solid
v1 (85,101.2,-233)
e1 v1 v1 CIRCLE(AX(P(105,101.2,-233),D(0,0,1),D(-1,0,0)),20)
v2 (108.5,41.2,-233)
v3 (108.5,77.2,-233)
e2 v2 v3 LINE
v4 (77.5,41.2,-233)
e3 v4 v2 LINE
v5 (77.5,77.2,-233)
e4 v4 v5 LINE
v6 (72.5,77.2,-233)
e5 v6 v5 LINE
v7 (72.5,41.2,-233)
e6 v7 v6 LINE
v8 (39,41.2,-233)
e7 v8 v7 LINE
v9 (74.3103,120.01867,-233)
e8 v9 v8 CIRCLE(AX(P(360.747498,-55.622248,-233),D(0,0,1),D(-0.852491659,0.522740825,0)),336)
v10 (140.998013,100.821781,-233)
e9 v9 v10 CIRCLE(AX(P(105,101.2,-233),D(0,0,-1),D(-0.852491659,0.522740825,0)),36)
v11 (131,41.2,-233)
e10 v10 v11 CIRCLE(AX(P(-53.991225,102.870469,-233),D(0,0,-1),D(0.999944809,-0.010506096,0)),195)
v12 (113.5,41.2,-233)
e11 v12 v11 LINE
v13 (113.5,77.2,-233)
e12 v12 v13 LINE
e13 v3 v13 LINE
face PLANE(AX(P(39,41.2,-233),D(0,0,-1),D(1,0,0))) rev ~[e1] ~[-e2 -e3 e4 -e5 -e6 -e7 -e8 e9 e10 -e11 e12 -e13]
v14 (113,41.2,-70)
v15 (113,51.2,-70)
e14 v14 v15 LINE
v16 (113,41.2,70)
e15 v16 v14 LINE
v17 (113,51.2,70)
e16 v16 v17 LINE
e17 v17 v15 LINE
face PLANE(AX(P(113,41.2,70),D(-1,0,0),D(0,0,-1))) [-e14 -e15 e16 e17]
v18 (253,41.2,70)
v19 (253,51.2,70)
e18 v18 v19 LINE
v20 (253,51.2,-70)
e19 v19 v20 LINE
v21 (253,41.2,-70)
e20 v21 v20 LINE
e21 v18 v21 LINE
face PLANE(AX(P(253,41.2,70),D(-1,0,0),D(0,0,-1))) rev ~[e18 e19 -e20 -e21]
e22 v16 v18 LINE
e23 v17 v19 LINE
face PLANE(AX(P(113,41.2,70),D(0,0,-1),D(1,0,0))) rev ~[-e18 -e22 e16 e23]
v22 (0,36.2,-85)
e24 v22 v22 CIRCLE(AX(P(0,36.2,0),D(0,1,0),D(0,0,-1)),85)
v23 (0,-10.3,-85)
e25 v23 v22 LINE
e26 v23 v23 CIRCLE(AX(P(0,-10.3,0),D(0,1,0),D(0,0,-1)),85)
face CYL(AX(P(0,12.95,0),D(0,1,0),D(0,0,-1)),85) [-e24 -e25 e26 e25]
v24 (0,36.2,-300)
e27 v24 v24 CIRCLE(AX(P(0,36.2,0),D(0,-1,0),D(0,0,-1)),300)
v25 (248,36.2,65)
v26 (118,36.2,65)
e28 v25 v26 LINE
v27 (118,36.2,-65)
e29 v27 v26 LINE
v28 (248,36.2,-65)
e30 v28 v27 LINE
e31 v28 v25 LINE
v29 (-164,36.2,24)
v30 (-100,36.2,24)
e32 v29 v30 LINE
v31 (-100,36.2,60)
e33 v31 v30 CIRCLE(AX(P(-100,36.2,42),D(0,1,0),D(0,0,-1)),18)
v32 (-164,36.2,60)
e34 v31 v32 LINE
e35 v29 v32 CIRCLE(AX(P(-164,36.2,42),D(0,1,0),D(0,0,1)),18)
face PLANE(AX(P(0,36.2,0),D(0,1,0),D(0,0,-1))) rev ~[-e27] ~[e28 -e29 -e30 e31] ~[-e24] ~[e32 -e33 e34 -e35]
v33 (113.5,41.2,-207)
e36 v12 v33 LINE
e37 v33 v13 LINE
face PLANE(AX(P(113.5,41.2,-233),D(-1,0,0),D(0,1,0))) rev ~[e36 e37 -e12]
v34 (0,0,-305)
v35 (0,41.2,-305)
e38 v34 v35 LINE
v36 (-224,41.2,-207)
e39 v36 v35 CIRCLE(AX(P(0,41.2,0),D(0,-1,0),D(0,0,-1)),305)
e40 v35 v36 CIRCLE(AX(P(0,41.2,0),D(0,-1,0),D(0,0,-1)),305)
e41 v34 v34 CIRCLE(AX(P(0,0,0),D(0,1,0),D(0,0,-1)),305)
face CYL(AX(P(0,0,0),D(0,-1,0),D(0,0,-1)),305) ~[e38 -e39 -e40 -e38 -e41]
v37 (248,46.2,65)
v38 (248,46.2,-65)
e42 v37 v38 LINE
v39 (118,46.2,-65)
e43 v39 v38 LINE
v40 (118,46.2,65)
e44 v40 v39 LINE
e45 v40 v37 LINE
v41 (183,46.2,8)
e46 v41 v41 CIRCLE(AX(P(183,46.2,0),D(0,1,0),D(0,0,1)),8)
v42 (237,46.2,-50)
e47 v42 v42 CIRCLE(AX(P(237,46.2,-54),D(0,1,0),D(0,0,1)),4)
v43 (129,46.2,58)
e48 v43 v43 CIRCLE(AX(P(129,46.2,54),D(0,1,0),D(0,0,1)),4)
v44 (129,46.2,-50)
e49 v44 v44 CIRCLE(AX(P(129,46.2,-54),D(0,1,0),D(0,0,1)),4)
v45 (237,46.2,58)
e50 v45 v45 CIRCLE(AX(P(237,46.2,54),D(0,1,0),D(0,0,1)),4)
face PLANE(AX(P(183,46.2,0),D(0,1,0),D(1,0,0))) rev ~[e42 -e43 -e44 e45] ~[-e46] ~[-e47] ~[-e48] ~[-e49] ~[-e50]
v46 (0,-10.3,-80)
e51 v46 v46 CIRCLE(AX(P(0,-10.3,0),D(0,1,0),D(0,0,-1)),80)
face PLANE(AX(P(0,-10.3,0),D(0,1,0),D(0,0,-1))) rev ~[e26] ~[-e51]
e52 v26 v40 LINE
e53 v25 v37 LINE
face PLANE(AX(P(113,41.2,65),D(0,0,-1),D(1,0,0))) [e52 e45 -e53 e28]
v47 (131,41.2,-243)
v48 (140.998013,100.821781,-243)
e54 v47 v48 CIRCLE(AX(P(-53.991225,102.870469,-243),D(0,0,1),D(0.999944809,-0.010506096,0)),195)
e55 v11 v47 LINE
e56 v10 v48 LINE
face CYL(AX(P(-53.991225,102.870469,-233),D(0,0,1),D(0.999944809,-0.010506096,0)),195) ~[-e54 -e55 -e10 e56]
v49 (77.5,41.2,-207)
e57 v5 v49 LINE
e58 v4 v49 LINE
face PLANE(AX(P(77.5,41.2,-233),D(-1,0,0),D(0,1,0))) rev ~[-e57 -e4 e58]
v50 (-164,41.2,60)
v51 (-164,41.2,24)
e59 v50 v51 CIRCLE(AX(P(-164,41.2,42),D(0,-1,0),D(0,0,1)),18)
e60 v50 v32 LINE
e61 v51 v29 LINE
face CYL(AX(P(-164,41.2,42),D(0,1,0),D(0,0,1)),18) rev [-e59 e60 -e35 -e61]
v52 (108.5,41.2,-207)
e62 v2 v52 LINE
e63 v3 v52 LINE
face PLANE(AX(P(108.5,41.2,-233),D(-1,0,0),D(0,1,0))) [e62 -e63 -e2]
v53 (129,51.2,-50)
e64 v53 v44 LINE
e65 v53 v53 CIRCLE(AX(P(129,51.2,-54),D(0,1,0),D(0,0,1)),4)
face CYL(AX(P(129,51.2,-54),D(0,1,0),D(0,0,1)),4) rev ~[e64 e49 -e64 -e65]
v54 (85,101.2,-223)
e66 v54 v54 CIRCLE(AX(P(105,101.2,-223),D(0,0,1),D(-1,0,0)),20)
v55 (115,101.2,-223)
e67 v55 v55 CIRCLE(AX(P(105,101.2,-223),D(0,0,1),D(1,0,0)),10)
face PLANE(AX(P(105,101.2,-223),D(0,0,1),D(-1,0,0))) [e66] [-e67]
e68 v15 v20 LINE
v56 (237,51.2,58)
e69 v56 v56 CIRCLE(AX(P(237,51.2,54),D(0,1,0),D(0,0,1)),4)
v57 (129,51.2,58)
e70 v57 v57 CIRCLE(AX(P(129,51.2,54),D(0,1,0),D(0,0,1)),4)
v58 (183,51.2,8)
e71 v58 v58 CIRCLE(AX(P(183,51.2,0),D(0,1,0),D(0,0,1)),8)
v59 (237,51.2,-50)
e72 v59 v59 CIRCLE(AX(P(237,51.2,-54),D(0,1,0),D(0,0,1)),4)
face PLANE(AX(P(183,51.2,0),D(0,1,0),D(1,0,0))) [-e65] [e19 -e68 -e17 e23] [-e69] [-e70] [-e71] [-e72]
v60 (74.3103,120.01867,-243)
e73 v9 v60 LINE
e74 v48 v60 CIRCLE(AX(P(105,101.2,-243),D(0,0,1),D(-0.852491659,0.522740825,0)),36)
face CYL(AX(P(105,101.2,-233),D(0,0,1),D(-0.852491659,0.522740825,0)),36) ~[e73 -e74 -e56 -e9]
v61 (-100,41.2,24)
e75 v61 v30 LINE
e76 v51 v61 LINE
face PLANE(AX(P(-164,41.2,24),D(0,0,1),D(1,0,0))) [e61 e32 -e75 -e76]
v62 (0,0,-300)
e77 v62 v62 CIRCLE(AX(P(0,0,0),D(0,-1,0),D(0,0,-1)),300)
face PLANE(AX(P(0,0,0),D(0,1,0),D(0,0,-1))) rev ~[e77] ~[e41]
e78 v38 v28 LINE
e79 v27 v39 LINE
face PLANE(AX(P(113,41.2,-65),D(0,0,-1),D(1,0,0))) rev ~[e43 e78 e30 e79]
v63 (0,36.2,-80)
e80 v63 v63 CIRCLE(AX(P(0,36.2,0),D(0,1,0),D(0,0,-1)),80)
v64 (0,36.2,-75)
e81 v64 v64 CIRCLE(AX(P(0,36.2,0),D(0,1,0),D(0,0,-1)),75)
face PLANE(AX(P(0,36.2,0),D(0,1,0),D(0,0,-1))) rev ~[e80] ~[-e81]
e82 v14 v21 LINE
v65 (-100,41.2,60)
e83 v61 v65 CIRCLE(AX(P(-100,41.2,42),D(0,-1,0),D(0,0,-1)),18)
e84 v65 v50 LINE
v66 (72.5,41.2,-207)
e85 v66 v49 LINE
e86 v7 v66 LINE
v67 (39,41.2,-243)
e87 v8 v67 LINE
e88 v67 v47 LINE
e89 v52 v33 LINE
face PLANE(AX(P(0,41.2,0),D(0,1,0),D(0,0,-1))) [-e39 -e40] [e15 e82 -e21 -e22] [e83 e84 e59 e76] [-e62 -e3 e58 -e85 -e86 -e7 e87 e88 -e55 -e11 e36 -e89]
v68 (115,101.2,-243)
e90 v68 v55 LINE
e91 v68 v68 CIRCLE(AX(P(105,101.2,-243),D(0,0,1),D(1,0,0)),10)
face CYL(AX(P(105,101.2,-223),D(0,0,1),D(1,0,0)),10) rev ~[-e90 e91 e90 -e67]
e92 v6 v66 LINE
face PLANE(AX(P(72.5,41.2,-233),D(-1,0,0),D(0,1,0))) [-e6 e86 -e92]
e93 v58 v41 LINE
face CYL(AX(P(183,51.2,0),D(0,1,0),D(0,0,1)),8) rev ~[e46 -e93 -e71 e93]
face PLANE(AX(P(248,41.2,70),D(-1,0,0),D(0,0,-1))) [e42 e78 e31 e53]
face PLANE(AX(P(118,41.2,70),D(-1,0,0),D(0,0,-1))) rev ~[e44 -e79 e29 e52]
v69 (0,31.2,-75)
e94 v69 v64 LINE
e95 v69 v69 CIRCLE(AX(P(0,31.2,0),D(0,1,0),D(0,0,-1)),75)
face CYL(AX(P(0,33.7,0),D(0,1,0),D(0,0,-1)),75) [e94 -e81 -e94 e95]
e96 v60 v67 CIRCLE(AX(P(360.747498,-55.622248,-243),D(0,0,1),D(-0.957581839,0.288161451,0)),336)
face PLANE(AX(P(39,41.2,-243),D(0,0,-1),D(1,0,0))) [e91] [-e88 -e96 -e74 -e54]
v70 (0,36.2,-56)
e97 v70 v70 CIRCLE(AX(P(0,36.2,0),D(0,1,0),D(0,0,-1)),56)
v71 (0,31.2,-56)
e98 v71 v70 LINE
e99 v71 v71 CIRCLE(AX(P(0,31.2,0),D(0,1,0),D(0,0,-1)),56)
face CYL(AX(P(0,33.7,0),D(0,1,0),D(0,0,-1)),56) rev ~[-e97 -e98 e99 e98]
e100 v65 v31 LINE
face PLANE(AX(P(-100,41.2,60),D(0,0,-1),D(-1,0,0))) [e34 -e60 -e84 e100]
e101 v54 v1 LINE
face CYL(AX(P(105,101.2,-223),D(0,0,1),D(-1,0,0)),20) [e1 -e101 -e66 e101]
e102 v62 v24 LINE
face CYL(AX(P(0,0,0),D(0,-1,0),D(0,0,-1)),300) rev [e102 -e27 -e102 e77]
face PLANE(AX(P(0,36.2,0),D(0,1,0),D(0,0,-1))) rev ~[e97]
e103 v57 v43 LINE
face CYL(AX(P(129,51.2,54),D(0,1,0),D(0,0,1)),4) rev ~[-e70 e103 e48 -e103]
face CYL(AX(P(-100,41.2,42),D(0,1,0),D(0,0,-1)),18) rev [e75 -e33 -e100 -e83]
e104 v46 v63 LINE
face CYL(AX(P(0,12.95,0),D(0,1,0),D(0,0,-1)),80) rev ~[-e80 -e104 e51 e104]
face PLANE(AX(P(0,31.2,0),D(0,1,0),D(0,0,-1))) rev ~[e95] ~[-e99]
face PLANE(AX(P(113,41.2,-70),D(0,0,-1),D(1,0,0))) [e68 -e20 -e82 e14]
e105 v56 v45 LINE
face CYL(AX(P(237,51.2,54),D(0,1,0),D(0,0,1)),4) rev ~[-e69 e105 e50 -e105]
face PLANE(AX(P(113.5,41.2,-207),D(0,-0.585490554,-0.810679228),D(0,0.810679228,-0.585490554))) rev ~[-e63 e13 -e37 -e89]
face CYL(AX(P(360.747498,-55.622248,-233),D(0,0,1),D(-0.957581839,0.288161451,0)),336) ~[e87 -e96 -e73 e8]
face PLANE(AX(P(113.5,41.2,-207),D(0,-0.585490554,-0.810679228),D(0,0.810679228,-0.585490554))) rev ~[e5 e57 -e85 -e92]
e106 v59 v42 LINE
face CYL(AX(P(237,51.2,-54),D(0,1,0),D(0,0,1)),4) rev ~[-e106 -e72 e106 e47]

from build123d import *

# Parameters (mm, degrees)
SKETCH_1_R          = 305
EXTRUDE_1_DEPTH     = 41.2
SKETCH_2_W          = 140
SKETCH_2_H          = 140
EXTRUDE_2_DEPTH     = 10
SHELL_1_T           = -5
CUT_EXTRUDE_1_DEPTH = 10
SKETCH_4_W          = 120
SKETCH_4_H          = 10
EXTRUDE_3_DEPTH     = 150
CUT_EXTRUDE_3_DEPTH = 648.322516216
SKETCH_6_R          = 10
CUT_EXTRUDE_5_DEPTH = 634.476787262
EXTRUDE_START       = 10
SKETCH_7_R          = 20
SKETCH_7_R_2        = 10
EXTRUDE_4_DEPTH     = 10
SKETCH_8_W          = 5
SKETCH_8_H          = 36
EXTRUDE_5_DEPTH     = 26
CUT_EXTRUDE_6_DEPTH = 536.715493522
SKETCH_10_W         = 5
SKETCH_10_H         = 46.5
SKETCH_10_W_2       = 19
SKETCH_10_H_2       = 5
SKETCH_11_R         = 8
SKETCH_11_R_2       = 4
CUT_EXTRUDE_7_DEPTH = 440.824965185


with BuildPart() as part:
    # 草图1 → 凸台-拉伸1 (new body)
    with BuildSketch(Plane(origin=(0, 0, 0), x_dir=(1, 0, 0), z_dir=(0, 1, 0))):
        with Locations(Location((0, 0, 0), (0, 0, 90))):
            Circle(SKETCH_1_R)
    extrude(amount=EXTRUDE_1_DEPTH)

    # 草图2 → 凸台-拉伸2 (add)
    with BuildSketch(Plane(origin=(0, 41.2, 0), x_dir=(1, 0, 0), z_dir=(0, 1, 0))):
        with Locations((183, 0)):
            Rectangle(SKETCH_2_W, SKETCH_2_H)
    extrude(amount=EXTRUDE_2_DEPTH)

    # 抽壳1
    shell_1_openings = [part.faces().sort_by_distance(p)[0] for p in [
        (0, 0, 0),
    ]]
    offset(amount=SHELL_1_T, openings=shell_1_openings, kind=Kind.INTERSECTION)

    # 草图3 → 切除-拉伸1 (cut)
    with BuildSketch(Plane(origin=(0, 41.2, 0), x_dir=(1, 0, 0), z_dir=(0, 1, 0))):
        with BuildLine():
            Line((-164, -24), (-100, -24))
            ThreePointArc((-100, -24), (-82, -42), (-100, -60))
            Line((-100, -60), (-164, -60))
            ThreePointArc((-164, -60), (-182, -42), (-164, -24))
        make_face()
    extrude(amount=-CUT_EXTRUDE_1_DEPTH, mode=Mode.SUBTRACT)

    # 草图4 → 凸台-拉伸3 (add)
    with BuildSketch(Plane(origin=(0, 41.2, 0), x_dir=(1, 0, 0), z_dir=(0, 1, 0))):
        with Locations((99, 238)):
            Rectangle(SKETCH_4_W, SKETCH_4_H)
    extrude(amount=EXTRUDE_3_DEPTH)

    # 草图5 → 切除-拉伸3 (cut, through all)
    with BuildSketch(Plane.XY.offset(-233)):
        with BuildLine():
            Line((131, 41.2), (159, 41.2))
            Line((159, 41.2), (159, 191.2))
            Line((159, 191.2), (39, 191.2))
            Line((39, 191.2), (39, 41.2))
            ThreePointArc((39, 41.2), (54.112125435, 81.748594957), (74.310300259, 120.018669715))
            ThreePointArc((74.310300259, 120.018669715), (114.95864882, 135.795163154), (140.99801314, 100.821780537))
            ThreePointArc((140.99801314, 100.821780537), (138.32356193, 70.621084147), (131, 41.2))
        make_face()
    extrude(amount=-CUT_EXTRUDE_3_DEPTH, mode=Mode.SUBTRACT)

    # 草图6 → 切除-拉伸5 (cut, through all)
    with BuildSketch(Plane.XY.offset(-233)):
        with Locations((105, 101.2)):
            Circle(SKETCH_6_R)
    extrude(amount=-CUT_EXTRUDE_5_DEPTH, mode=Mode.SUBTRACT)

    # 草图7 → 凸台-拉伸4 (add)
    with BuildSketch(Plane.XY.offset(-233).offset(EXTRUDE_START)):
        with Locations(Location((105, 101.2, 0), (0, 0, 180))):
            Circle(SKETCH_7_R)
        with Locations((105, 101.2)):
            Circle(SKETCH_7_R_2, mode=Mode.SUBTRACT)
    extrude(amount=-EXTRUDE_4_DEPTH)

    # 草图8 → 凸台-拉伸5 (add)
    with BuildSketch(Plane.XY.offset(-233)):
        with Locations((75, 59.2)):
            Rectangle(SKETCH_8_W, SKETCH_8_H)
        with Locations((111, 59.2)):
            Rectangle(SKETCH_8_W, SKETCH_8_H)
    extrude(amount=EXTRUDE_5_DEPTH)

    # 草图9 → 切除-拉伸6 (cut, through all)
    with BuildSketch(Plane(origin=(113.5, 0, 0), x_dir=(0, 0, -1), z_dir=(1, 0, 0))):
        Polygon((207, 41.2), (233, 77.2), (207, 77.2), align=None)
    extrude(amount=-CUT_EXTRUDE_6_DEPTH, mode=Mode.SUBTRACT)

    # 草图10 → 旋转1 (revolve)
    with BuildSketch(Plane.XY, mode=Mode.PRIVATE) as revolve_1_sk:
        with Locations((-82.5, 12.95)):
            Rectangle(SKETCH_10_W, SKETCH_10_H)
        with Locations((-65.5, 33.7)):
            Rectangle(SKETCH_10_W_2, SKETCH_10_H_2)
    revolve(revolve_1_sk.sketch.rotate(Axis((0, 0, 0), (0, 1, 0)), 270), axis=Axis((0, 0, 0), (0, 1, 0)))

    # 草图11 → 切除-拉伸7 (cut, through all)
    with BuildSketch(Plane(origin=(0, 51.2, 0), x_dir=(1, 0, 0), z_dir=(0, 1, 0))):
        with Locations(Location((183, 0, 0), (0, 0, 270))):
            Circle(SKETCH_11_R)
        with Locations(Location((237, 54, 0), (0, 0, 270))):
            Circle(SKETCH_11_R_2)
        with Locations(Location((129, 54, 0), (0, 0, 270))):
            Circle(SKETCH_11_R_2)
        with Locations(Location((129, -54, 0), (0, 0, 270))):
            Circle(SKETCH_11_R_2)
        with Locations(Location((237, -54, 0), (0, 0, 270))):
            Circle(SKETCH_11_R_2)
    extrude(amount=-CUT_EXTRUDE_7_DEPTH, mode=Mode.SUBTRACT)


solid = part.part
